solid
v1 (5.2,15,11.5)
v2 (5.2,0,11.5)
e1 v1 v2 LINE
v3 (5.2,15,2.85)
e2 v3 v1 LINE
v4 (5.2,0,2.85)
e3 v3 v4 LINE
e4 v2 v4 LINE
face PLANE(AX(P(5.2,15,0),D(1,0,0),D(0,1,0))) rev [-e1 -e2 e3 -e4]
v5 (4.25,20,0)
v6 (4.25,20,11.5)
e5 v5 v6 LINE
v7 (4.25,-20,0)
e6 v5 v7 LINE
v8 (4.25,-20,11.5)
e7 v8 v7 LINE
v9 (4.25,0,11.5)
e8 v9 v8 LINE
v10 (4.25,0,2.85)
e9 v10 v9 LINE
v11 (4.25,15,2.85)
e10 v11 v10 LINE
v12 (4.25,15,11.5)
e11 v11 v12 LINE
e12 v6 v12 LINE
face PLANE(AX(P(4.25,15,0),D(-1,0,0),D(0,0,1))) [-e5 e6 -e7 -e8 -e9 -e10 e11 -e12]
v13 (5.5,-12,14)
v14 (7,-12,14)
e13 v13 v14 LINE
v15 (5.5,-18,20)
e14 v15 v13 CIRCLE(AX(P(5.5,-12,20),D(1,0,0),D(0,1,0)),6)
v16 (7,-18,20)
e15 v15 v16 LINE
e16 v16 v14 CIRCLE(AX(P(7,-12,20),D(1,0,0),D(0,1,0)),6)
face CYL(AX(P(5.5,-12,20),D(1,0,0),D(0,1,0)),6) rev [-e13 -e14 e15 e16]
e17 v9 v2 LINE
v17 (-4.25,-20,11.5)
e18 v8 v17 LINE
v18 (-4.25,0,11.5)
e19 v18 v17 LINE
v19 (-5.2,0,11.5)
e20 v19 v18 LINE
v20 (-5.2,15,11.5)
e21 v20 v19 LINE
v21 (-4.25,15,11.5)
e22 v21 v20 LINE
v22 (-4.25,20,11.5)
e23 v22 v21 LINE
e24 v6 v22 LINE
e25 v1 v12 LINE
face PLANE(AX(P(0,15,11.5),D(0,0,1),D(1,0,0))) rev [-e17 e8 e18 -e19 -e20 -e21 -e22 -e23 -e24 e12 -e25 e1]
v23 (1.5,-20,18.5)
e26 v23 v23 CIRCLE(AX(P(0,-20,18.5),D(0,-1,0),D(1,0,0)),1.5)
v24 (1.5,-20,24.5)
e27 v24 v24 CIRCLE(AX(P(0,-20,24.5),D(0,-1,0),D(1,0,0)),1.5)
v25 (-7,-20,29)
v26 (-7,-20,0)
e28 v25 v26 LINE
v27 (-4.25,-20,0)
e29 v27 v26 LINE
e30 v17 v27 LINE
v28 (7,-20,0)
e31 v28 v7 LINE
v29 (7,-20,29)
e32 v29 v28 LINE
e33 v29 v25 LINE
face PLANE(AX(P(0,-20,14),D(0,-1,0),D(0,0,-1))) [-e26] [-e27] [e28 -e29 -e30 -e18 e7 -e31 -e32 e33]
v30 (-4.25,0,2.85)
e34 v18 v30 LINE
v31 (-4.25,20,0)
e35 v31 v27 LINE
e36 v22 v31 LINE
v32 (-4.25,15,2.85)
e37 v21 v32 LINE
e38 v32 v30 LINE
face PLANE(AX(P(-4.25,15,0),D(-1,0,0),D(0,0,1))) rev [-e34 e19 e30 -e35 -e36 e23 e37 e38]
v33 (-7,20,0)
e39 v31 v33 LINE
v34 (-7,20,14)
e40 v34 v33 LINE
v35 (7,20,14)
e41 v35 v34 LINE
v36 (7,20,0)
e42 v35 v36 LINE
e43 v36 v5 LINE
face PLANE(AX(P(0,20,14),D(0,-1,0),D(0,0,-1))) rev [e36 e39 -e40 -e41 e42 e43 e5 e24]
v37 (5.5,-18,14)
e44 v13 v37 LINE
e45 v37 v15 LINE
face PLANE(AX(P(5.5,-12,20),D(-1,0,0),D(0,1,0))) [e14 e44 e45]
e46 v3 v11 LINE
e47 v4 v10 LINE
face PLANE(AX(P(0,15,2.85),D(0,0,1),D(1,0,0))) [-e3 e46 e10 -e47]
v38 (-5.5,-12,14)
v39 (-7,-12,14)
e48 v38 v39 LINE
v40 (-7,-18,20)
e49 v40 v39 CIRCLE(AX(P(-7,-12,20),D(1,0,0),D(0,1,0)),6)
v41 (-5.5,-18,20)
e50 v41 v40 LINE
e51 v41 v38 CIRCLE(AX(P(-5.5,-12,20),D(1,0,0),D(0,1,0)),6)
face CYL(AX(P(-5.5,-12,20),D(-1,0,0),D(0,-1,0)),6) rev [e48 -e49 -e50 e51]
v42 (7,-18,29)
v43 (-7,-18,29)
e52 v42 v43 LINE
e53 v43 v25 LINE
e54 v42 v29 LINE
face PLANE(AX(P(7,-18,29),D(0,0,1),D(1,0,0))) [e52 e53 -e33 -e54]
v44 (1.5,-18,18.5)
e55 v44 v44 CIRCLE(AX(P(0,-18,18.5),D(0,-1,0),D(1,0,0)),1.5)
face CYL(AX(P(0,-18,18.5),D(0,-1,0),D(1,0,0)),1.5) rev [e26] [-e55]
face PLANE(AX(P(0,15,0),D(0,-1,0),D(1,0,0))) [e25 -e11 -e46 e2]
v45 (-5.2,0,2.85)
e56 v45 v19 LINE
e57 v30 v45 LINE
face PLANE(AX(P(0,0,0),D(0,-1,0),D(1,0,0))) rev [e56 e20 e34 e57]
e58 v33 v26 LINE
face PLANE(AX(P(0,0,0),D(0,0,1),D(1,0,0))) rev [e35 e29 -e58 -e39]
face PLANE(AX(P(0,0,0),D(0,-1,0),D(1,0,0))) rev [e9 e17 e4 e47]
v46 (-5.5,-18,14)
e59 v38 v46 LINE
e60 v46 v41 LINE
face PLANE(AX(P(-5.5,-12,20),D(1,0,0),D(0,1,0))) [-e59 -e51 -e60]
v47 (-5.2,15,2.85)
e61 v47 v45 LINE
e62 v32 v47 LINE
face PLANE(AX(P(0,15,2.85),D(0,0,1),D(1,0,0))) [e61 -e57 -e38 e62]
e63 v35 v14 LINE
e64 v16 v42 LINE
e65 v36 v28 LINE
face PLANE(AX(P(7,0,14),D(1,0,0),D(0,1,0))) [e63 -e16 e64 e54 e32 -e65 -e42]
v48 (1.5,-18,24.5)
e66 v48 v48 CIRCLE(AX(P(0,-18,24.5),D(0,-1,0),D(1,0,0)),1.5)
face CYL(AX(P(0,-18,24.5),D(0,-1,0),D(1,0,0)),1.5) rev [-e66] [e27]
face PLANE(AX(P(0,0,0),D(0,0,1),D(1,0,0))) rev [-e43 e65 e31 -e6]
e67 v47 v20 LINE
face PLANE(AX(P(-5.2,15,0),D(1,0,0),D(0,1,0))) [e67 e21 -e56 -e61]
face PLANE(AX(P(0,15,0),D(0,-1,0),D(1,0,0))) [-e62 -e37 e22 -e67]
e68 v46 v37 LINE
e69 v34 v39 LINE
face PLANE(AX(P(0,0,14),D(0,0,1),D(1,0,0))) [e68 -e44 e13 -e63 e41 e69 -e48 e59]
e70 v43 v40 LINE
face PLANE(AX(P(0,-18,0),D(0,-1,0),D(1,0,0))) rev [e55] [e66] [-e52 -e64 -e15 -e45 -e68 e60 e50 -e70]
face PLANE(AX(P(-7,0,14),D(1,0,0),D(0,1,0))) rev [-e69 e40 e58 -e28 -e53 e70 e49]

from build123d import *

# Parameters (mm, degrees)
SKETCH1_W           = 14
SKETCH1_H           = 40
BOSS_EXTRUDE1_DEPTH = 14
SKETCH2_W           = 10.4
SKETCH2_H           = 8.65
SKETCH2_W_2         = 8.5
SKETCH2_H_2         = 2.85
CUT_EXTRUDE1_DEPTH  = 35
SKETCH3_W           = 14
SKETCH3_H           = 15
SKETCH3_R           = 1.5
BOSS_EXTRUDE2_DEPTH = 2
BOSS_EXTRUDE3_DEPTH = 1.5
SKETCH5_W           = 8.5
SKETCH5_H           = 11.5
CUT_EXTRUDE2_DEPTH  = 46.98912915
SKETCH7_W           = 0.95
SKETCH7_H           = 8.65
BOSS_EXTRUDE4_DEPTH = 20


with BuildPart() as part:
    # Sketch1 → Boss-Extrude1 (new body)
    with BuildSketch(Plane.XY):
        Rectangle(SKETCH1_W, SKETCH1_H)
    extrude(amount=BOSS_EXTRUDE1_DEPTH)

    # Sketch2 → Cut-Extrude1 (cut)
    with BuildSketch(Plane.XZ.offset(20)):
        with Locations((0, 7.175)):
            Rectangle(SKETCH2_W, SKETCH2_H)
        with Locations((0, 1.425)):
            Rectangle(SKETCH2_W_2, SKETCH2_H_2)
    extrude(amount=-CUT_EXTRUDE1_DEPTH, mode=Mode.SUBTRACT)

    # Sketch3 → Boss-Extrude2 (add)
    with BuildSketch(Plane.XZ.offset(20)):
        with Locations((0, 21.5)):
            Rectangle(SKETCH3_W, SKETCH3_H)
        with Locations((0, 18.5)):
            Circle(SKETCH3_R, mode=Mode.SUBTRACT)
        with Locations((0, 24.5)):
            Circle(SKETCH3_R, mode=Mode.SUBTRACT)
    extrude(amount=-BOSS_EXTRUDE2_DEPTH)

    # Sketch4 → Boss-Extrude3 (add)
    with BuildSketch(Plane.ZY.offset(7)):
        with BuildLine():
            Line((14, -12), (14, -18))
            Line((14, -18), (20, -18))
            ThreePointArc((20, -18), (15.757359313, -16.242640687), (14, -12))
        make_face()
    boss_extrude3 = extrude(amount=-BOSS_EXTRUDE3_DEPTH)

    # Mirror1: Boss-Extrude3 across plane
    add(boss_extrude3.mirror(Plane(origin=(0, 0, 0), x_dir=(0, 0, 1), z_dir=(1, 0, 0))))

    # Sketch5 → Cut-Extrude2 (cut, through all)
    with BuildSketch(Plane.XZ.offset(-15)):
        with Locations((0, 5.75)):
            Rectangle(SKETCH5_W, SKETCH5_H)
    extrude(amount=-CUT_EXTRUDE2_DEPTH, mode=Mode.SUBTRACT)

    # Sketch7 → Boss-Extrude4 (add)
    with BuildSketch(Plane.XZ.offset(20)):
        with Locations((4.725, 7.175)):
            Rectangle(SKETCH7_W, SKETCH7_H)
        with Locations((-4.725, 7.175)):
            Rectangle(SKETCH7_W, SKETCH7_H)
    extrude(amount=-BOSS_EXTRUDE4_DEPTH)


solid = part.part
